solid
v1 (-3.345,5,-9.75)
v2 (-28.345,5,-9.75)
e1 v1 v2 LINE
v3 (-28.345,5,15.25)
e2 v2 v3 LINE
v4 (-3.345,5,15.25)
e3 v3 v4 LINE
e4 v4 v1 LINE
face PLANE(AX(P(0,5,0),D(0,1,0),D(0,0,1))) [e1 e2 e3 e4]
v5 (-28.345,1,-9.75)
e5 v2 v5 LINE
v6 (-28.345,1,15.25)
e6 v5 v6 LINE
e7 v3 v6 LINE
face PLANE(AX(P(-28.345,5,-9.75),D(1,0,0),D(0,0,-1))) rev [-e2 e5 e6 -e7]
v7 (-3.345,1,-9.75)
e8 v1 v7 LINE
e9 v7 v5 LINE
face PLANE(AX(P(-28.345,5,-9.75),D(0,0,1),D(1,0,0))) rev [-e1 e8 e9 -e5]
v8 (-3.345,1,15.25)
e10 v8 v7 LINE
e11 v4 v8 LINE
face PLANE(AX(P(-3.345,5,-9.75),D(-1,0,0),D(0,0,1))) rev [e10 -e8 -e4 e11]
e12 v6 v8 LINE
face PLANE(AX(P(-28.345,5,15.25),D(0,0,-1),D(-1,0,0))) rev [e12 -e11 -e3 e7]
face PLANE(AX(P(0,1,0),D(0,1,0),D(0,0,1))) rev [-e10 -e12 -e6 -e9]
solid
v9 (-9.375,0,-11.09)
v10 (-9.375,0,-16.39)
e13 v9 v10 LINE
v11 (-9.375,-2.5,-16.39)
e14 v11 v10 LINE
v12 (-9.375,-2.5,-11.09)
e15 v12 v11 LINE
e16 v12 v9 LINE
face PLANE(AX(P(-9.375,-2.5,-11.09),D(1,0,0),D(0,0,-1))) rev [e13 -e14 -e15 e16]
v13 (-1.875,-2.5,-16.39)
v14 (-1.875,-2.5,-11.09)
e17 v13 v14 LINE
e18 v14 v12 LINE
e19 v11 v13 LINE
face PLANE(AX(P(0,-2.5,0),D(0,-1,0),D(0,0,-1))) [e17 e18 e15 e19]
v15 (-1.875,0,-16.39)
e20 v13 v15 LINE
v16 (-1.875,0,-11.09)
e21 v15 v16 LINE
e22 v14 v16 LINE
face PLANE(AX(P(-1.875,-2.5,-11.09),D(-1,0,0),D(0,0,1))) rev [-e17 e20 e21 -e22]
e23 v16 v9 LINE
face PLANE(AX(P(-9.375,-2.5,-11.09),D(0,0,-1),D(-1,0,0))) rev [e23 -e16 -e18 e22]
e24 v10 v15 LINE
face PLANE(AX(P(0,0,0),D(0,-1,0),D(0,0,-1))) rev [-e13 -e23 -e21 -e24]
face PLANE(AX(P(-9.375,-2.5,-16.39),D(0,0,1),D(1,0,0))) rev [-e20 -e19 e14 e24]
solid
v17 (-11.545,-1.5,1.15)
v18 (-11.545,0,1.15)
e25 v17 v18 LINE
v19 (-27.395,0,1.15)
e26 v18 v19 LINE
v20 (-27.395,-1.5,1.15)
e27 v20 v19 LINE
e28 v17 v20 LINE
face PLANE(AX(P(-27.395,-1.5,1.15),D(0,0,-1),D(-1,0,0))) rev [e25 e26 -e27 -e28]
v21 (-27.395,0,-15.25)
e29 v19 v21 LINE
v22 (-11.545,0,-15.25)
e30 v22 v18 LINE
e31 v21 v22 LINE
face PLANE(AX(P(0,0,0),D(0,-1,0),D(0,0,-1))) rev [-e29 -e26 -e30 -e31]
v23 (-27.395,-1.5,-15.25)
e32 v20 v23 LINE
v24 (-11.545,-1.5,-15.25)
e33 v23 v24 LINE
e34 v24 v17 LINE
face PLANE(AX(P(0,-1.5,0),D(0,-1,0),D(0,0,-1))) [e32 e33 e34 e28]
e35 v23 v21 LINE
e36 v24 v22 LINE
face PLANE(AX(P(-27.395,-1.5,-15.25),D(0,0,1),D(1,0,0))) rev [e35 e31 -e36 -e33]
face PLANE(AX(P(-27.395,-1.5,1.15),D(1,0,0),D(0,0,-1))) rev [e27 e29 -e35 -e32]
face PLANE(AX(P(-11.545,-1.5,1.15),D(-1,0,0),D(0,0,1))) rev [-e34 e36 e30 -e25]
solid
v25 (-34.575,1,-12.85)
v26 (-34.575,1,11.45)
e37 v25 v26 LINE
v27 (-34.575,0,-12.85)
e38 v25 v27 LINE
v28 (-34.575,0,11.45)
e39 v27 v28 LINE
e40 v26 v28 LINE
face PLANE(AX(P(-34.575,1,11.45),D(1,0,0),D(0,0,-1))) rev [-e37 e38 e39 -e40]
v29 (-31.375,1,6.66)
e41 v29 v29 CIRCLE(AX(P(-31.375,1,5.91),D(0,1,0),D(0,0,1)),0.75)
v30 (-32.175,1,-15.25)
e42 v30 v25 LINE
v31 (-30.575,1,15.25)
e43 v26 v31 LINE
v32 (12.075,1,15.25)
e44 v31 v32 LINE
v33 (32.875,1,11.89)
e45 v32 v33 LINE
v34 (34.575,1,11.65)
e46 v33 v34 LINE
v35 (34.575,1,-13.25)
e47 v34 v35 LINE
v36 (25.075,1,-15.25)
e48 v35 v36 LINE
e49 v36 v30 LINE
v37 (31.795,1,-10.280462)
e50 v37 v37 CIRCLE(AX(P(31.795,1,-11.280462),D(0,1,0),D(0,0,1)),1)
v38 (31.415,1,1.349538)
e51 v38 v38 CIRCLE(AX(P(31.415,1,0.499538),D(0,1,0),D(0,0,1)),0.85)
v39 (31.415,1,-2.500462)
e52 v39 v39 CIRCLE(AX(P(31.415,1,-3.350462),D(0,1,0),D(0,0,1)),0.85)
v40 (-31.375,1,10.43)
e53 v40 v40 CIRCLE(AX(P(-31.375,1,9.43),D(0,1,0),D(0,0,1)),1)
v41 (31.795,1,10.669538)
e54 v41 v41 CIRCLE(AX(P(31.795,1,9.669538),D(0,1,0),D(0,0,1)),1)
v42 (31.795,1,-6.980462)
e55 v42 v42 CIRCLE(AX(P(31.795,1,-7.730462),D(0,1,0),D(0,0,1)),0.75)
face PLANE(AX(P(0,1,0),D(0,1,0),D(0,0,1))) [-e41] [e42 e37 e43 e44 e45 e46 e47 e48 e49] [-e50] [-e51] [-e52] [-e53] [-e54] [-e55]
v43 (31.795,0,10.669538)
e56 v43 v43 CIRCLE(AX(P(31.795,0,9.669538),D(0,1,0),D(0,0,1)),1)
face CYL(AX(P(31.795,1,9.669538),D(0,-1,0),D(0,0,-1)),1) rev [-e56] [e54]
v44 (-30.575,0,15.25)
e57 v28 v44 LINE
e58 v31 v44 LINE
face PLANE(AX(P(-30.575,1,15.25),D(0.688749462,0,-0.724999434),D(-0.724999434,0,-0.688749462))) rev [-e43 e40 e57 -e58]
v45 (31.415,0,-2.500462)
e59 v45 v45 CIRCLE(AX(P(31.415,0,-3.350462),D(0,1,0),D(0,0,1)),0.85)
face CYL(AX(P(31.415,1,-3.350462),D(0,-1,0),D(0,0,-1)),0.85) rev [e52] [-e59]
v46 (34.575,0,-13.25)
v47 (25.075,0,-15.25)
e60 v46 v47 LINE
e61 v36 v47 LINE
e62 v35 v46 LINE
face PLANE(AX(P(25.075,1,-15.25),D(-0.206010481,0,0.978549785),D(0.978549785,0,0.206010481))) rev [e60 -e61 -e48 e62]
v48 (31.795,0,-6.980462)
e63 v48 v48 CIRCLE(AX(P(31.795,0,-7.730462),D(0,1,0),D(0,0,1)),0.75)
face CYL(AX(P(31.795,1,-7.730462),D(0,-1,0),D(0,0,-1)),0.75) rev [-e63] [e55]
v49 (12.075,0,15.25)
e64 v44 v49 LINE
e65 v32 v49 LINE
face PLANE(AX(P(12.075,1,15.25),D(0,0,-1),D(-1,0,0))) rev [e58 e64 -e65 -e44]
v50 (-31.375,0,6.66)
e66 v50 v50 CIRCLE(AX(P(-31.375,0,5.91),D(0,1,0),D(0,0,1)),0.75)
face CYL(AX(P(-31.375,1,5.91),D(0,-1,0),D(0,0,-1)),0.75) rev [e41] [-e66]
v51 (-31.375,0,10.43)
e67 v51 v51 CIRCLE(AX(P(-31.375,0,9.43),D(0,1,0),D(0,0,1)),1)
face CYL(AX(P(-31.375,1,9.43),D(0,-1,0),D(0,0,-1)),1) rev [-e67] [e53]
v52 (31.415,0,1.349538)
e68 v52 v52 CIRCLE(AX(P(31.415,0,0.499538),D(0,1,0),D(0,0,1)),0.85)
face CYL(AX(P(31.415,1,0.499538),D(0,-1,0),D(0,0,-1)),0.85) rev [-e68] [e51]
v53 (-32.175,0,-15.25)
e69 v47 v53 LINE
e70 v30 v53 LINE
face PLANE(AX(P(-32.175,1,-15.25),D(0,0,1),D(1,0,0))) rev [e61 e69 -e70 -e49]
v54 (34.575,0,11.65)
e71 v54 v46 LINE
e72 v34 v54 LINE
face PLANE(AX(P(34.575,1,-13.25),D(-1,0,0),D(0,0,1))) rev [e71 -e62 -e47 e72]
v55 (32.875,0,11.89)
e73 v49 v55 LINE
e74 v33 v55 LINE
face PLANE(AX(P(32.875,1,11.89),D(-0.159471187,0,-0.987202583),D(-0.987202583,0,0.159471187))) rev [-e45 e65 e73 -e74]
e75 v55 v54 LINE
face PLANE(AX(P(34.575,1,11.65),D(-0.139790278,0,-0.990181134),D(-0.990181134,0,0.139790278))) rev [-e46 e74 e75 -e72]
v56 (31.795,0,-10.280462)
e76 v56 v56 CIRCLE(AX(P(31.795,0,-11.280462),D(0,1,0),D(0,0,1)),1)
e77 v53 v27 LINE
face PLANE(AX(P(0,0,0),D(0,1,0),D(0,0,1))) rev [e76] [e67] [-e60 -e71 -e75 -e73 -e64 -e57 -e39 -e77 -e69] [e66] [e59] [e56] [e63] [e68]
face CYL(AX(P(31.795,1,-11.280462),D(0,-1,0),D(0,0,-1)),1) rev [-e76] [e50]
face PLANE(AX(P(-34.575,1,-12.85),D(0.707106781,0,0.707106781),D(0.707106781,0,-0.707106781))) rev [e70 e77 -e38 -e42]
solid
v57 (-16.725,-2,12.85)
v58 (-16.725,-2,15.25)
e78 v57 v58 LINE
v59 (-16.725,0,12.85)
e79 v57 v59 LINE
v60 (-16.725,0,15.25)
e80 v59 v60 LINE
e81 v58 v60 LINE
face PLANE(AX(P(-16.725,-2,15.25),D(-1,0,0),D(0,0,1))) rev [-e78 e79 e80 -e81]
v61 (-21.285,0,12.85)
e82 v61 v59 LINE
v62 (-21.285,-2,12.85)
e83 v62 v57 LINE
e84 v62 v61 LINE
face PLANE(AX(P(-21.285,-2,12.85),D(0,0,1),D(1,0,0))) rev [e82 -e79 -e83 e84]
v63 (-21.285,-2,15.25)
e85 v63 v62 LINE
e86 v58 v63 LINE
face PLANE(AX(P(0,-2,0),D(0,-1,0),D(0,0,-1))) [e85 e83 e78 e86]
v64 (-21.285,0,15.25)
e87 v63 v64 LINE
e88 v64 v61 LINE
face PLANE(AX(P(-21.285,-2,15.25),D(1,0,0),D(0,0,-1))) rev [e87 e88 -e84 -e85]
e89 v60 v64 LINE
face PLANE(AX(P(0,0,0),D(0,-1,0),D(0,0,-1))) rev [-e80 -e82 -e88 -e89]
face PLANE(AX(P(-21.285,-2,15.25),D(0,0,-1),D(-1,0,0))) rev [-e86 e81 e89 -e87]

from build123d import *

# Parameters (mm, degrees)
SKETCH1_R           = 1
SKETCH1_R_2         = 0.85
SKETCH1_R_3         = 0.75
BOSS_EXTRUDE1_DEPTH = 1
SKETCH2_W           = 25
SKETCH2_H           = 25
BOSS_EXTRUDE2_DEPTH = 4
SKETCH3_W           = 15.85
SKETCH3_H           = 16.4
BOSS_EXTRUDE3_DEPTH = 1.5
SKETCH4_W           = 7.5
SKETCH4_H           = 5.3
BOSS_EXTRUDE4_DEPTH = 2.5
SKETCH5_W           = 4.56
SKETCH5_H           = 2.4
BOSS_EXTRUDE5_DEPTH = 2


with BuildPart() as part:
    # Sketch1 → Boss-Extrude1 (new body)
    with BuildSketch(Plane(origin=(0, 0, 0), x_dir=(1, 0, 0), z_dir=(0, 1, 0))):
        Polygon((-32.175, 15.25), (25.075, 15.25), (34.575, 13.25), (34.575, -11.65), (32.875, -11.89), (12.075, -15.25), (-30.575, -15.25), (-34.575, -11.45), (-34.575, 12.85), align=None)
        with Locations(Location((31.795, 11.280462126, 0), (0, 0, 270))):
            Circle(SKETCH1_R, mode=Mode.SUBTRACT)
        with Locations(Location((31.795, -9.669537874, 0), (0, 0, 270))):
            Circle(SKETCH1_R, mode=Mode.SUBTRACT)
        with Locations(Location((31.415, -0.499537874, 0), (0, 0, 270))):
            Circle(SKETCH1_R_2, mode=Mode.SUBTRACT)
        with Locations(Location((31.415, 3.350462126, 0), (0, 0, 270))):
            Circle(SKETCH1_R_2, mode=Mode.SUBTRACT)
        with Locations(Location((31.795, 7.730462126, 0), (0, 0, 270))):
            Circle(SKETCH1_R_3, mode=Mode.SUBTRACT)
        with Locations(Location((-31.375, -9.43, 0), (0, 0, 270))):
            Circle(SKETCH1_R, mode=Mode.SUBTRACT)
        with Locations(Location((-31.375, -5.91, 0), (0, 0, 270))):
            Circle(SKETCH1_R_3, mode=Mode.SUBTRACT)
    extrude(amount=BOSS_EXTRUDE1_DEPTH)


with BuildPart() as body_2:
    # Sketch2 → Boss-Extrude2 (new body)
    with BuildSketch(Plane(origin=(0, 1, 0), x_dir=(1, 0, 0), z_dir=(0, 1, 0))):
        with Locations((-15.845, -2.75)):
            Rectangle(SKETCH2_W, SKETCH2_H)
    extrude(amount=BOSS_EXTRUDE2_DEPTH)


with BuildPart() as body_3:
    # Sketch3 → Boss-Extrude3 (new body)
    with BuildSketch(Plane(origin=(0, 0, 0), x_dir=(-1, 0, 0), z_dir=(0, -1, 0))):
        with Locations((19.47, 7.05)):
            Rectangle(SKETCH3_W, SKETCH3_H)
    extrude(amount=BOSS_EXTRUDE3_DEPTH)


with BuildPart() as body_4:
    # Sketch4 → Boss-Extrude4 (new body)
    with BuildSketch(Plane.XZ):
        with Locations((-5.625, -13.74)):
            Rectangle(SKETCH4_W, SKETCH4_H)
    extrude(amount=BOSS_EXTRUDE4_DEPTH)


with BuildPart() as body_5:
    # Sketch5 → Boss-Extrude5 (new body)
    with BuildSketch(Plane.XZ):
        with Locations((-19.005, 14.05)):
            Rectangle(SKETCH5_W, SKETCH5_H)
    extrude(amount=BOSS_EXTRUDE5_DEPTH)


solid = Compound([part.part, body_2.part, body_3.part, body_4.part, body_5.part])
